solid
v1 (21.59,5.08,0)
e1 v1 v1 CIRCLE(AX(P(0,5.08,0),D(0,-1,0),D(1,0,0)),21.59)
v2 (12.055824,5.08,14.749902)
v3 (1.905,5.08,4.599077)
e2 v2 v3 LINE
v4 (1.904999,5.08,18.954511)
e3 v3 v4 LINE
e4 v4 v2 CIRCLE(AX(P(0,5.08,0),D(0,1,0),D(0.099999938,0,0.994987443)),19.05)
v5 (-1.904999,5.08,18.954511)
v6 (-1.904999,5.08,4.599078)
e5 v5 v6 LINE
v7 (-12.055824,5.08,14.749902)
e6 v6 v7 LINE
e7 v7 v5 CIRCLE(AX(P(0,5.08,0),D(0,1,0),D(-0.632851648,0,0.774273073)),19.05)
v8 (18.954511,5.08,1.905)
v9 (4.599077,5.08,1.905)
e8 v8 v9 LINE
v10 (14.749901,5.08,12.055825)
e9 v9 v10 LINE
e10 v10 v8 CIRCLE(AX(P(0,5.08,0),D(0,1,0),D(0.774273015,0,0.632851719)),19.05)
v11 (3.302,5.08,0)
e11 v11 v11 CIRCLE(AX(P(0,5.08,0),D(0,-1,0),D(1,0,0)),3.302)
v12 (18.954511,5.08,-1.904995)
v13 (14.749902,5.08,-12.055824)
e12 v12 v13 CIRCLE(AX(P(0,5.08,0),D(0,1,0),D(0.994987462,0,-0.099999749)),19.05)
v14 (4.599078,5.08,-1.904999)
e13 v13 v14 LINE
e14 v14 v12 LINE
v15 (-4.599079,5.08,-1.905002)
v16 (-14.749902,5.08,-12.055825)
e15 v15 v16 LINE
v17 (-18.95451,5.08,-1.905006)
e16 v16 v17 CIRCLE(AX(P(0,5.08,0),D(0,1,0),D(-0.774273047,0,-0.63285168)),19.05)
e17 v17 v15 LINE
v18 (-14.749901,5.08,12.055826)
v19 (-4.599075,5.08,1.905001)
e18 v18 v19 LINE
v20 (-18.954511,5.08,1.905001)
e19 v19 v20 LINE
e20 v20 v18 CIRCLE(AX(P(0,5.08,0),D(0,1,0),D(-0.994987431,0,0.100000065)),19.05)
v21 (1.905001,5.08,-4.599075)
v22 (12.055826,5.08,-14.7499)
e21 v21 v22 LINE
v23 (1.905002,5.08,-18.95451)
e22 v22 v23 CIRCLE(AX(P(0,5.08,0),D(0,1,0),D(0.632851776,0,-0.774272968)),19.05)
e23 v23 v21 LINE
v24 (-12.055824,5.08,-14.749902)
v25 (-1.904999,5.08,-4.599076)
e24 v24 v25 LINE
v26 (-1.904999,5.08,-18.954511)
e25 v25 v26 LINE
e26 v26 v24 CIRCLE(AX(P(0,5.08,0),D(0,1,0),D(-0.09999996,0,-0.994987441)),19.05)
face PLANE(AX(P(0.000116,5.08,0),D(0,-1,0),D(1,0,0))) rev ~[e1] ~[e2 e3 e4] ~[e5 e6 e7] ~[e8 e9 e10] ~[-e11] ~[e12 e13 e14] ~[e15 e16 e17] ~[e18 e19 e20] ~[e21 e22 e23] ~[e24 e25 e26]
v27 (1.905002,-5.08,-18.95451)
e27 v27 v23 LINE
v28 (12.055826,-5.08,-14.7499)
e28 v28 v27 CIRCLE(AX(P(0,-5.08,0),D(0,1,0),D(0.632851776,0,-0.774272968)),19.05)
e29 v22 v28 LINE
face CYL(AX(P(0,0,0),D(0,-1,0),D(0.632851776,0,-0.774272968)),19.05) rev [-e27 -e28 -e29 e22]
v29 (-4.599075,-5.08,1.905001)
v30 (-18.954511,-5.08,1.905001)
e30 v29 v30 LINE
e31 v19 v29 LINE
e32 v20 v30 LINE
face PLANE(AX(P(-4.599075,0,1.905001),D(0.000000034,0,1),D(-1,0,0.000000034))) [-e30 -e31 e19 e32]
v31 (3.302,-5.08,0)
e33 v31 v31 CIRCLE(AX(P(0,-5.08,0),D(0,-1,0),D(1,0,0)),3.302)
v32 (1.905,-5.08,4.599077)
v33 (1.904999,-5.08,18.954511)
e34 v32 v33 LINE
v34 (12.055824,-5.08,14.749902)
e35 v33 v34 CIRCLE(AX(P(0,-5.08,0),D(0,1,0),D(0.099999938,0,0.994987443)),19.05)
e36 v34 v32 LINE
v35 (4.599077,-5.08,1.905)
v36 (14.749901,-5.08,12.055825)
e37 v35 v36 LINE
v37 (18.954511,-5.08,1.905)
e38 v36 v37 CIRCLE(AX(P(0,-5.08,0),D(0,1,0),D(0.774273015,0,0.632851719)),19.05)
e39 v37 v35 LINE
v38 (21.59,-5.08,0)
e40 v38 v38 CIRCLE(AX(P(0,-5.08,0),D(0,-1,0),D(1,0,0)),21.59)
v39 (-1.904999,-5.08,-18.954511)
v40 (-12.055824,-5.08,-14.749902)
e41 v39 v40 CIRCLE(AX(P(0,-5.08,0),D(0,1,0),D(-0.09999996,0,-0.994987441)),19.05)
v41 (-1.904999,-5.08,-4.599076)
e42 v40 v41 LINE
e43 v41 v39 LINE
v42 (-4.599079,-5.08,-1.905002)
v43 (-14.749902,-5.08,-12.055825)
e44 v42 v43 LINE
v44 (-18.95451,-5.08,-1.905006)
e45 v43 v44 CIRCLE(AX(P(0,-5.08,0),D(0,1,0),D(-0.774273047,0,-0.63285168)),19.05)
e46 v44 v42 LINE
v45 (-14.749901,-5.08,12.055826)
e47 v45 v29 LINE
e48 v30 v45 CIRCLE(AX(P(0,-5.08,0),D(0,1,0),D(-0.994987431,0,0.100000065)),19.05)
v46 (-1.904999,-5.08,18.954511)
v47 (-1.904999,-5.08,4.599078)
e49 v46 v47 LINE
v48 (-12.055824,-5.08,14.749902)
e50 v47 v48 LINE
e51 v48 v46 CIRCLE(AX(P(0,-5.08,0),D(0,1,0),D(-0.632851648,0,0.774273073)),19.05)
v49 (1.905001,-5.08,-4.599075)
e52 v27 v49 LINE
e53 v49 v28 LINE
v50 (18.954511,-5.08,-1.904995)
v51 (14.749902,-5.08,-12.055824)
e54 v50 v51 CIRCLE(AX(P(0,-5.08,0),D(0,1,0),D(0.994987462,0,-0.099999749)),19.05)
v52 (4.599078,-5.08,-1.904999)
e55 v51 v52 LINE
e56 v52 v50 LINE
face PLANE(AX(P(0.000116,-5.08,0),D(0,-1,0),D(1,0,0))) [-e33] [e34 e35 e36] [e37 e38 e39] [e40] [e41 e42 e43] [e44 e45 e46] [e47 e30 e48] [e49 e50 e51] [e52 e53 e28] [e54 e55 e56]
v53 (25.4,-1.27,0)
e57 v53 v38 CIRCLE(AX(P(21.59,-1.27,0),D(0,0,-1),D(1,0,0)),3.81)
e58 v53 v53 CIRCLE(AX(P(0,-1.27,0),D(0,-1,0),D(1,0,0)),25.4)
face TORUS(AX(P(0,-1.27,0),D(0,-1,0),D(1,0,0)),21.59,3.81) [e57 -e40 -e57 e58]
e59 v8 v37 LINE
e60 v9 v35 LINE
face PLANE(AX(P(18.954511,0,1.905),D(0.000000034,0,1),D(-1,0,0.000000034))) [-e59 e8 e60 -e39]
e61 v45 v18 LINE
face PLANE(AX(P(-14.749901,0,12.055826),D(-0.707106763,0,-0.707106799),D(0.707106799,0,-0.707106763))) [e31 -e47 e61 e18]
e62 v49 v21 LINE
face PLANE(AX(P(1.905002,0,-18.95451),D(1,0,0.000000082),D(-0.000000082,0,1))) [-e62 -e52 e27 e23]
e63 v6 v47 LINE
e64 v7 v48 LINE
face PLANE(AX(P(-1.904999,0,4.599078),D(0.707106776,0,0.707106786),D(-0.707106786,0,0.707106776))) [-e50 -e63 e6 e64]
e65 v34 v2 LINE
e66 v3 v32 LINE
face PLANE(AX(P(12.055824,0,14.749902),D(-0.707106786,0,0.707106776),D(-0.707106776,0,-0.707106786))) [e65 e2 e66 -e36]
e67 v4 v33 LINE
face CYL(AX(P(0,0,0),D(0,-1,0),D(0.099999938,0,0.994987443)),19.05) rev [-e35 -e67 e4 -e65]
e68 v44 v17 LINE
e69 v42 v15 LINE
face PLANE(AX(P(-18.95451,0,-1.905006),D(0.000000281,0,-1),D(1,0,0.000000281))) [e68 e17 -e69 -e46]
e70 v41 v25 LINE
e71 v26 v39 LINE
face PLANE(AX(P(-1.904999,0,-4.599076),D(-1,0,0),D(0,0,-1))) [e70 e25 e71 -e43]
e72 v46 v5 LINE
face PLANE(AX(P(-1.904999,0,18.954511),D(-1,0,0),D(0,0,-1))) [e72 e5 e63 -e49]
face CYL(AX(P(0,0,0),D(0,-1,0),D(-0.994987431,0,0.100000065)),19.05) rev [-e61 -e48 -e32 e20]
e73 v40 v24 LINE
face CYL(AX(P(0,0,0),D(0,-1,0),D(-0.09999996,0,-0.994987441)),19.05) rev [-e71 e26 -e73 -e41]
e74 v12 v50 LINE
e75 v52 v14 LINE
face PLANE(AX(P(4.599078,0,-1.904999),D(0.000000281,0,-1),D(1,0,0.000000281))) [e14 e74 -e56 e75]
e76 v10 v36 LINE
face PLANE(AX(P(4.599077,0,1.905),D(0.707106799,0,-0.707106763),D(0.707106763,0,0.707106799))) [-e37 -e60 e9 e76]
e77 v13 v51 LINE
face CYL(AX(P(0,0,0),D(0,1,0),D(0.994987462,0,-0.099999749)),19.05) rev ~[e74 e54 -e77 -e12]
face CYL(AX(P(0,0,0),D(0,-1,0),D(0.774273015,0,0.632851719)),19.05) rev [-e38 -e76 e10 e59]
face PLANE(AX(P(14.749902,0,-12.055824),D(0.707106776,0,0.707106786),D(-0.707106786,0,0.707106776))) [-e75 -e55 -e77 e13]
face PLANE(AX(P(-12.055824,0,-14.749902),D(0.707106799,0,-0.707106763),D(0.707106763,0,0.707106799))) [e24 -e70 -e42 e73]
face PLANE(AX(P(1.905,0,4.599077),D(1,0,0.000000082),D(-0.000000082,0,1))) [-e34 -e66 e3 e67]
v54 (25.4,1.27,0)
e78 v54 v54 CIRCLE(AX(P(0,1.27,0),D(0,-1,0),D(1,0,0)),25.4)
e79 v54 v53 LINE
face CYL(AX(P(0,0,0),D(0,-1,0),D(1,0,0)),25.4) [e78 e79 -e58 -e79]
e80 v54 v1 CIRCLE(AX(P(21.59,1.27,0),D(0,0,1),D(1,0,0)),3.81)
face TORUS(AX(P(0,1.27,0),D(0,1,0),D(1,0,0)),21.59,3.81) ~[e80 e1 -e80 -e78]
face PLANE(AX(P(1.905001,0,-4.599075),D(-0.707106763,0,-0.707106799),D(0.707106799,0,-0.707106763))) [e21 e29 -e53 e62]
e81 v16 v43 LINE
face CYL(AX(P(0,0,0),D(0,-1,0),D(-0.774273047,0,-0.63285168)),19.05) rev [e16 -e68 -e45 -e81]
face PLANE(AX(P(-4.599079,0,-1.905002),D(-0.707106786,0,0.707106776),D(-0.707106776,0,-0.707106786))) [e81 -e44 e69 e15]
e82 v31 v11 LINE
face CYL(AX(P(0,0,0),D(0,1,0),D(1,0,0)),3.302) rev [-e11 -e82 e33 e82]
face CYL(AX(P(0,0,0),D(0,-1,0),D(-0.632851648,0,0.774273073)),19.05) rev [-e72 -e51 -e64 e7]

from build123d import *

# Parameters (mm, degrees)
F0_R     = 25.4
F1_DEPTH = 5.08
F2_R     = 3.81
F0_R_2   = 3.302
F3_DEPTH = 5.08


with BuildPart() as f1:
    # F0 (on Front) → F1 (new body, symmetric)
    with BuildSketch(Plane.XZ):
        Circle(F0_R)
        with BuildLine():
            ThreePointArc((18.9545106806, 1.9049999628), (19.0261126937, 0.9536958462), (19.05, 0))
            ThreePointArc((19.05, 0), (19.0261128131, -0.9536934636), (18.9545111577, -1.9049952154))
            ThreePointArc((18.9545111577, -1.9049952154), (17.5999062473, -7.2901166031), (14.749902222, -12.0558236733))
            ThreePointArc((14.749902222, -12.0558236733), (13.4703854002, -13.4703829631), (12.0558263419, -14.7499000408))
            ThreePointArc((12.0558263419, -14.7499000408), (7.2901213153, -17.5999042954), (1.905001936, -18.9545104823))
            ThreePointArc((1.905001936, -18.9545104823), (1.3528e-06, -19.05), (-1.904999244, -18.9545107529))
            ThreePointArc((-1.904999244, -18.9545107529), (-7.2901189565, -17.5999052725), (-12.055824483, -14.7499015601))
            ThreePointArc((-12.055824483, -14.7499015601), (-13.4703841719, -13.4703841913), (-14.7499015428, -12.0558245042))
            ThreePointArc((-14.7499015428, -12.0558245042), (-17.5999039961, -7.2901220379), (-18.9545100886, -1.9050058538))
            ThreePointArc((-18.9545100886, -1.9050058538), (-19.05, -2.3188e-06), (-18.9545105523, 1.9050012395))
            ThreePointArc((-18.9545105523, 1.9050012395), (-17.5999046178, 7.290120537), (-14.7499006641, 12.0558255794))
            ThreePointArc((-14.7499006641, 12.0558255794), (-13.4703834119, 13.4703849513), (-12.0558238937, 14.7499020418))
            ThreePointArc((-12.0558238937, 14.7499020418), (-7.2901186049, 17.5999054181), (-1.904999244, 18.9545107529))
            ThreePointArc((-1.904999244, 18.9545107529), (-2.13e-07, 19.05), (1.9049988201, 18.9545107955))
            ThreePointArc((1.9049988201, 18.9545107955), (7.2901186408, 17.5999054032), (12.0558242838, 14.749901723))
            ThreePointArc((12.0558242838, 14.749901723), (13.4703837424, 13.4703846208), (14.7499009369, 12.0558252456))
            ThreePointArc((14.7499009369, 12.0558252456), (17.5999049458, 7.2901197452), (18.9545106806, 1.9049999628))
        make_face(mode=Mode.SUBTRACT)
    extrude(amount=F1_DEPTH, both=True)

    # F2
    f2_edges = [f1.edges().sort_by_distance(p)[0] for p in [
        (-25.4, 5.08, 0),
        (-25.4, -5.08, 0),
    ]]
    fillet(f2_edges, radius=F2_R)

    # F0 (on Front) → F3 (join, symmetric)
    with BuildSketch(Plane.XZ):
        with BuildLine():
            ThreePointArc((18.9545111577, -1.9049952154), (19.0261128131, -0.9536934636), (19.05, 0))
            ThreePointArc((19.05, 0), (19.0261126937, 0.9536958462), (18.9545106806, 1.9049999628))
            Line((18.9545106806, 1.9049999628), (4.5990766623, 1.9050004462))
            Line((4.5990766623, 1.9050004462), (14.7499009369, 12.0558252456))
            ThreePointArc((14.7499009369, 12.0558252456), (13.4703837424, 13.4703846208), (12.0558242838, 14.749901723))
            Line((12.0558242838, 14.749901723), (1.905, 4.5990772875))
            Line((1.905, 4.5990772875), (1.9049988201, 18.9545107955))
            ThreePointArc((1.9049988201, 18.9545107955), (-2.13e-07, 19.05), (-1.904999244, 18.9545107529))
            Line((-1.904999244, 18.9545107529), (-1.904999244, 4.5990775438))
            Line((-1.904999244, 4.5990775438), (-12.0558238937, 14.7499020418))
            ThreePointArc((-12.0558238937, 14.7499020418), (-13.4703834119, 13.4703849513), (-14.7499006641, 12.0558255794))
            Line((-14.7499006641, 12.0558255794), (-4.599075316, 1.905000756))
            Line((-4.599075316, 1.905000756), (-18.9545105523, 1.9050012395))
            ThreePointArc((-18.9545105523, 1.9050012395), (-19.05, -2.3188e-06), (-18.9545100886, -1.9050058538))
            Line((-18.9545100886, -1.9050058538), (-4.5990790156, -1.9050018252))
            Line((-4.5990790156, -1.9050018252), (-14.7499015428, -12.0558245042))
            ThreePointArc((-14.7499015428, -12.0558245042), (-13.4703841719, -13.4703841913), (-12.055824483, -14.7499015601))
            Line((-12.055824483, -14.7499015601), (-1.904999244, -4.5990757963))
            Line((-1.904999244, -4.5990757963), (-1.904999244, -18.9545107529))
            ThreePointArc((-1.904999244, -18.9545107529), (1.3528e-06, -19.05), (1.905001936, -18.9545104823))
            Line((1.905001936, -18.9545104823), (1.905000756, -4.5990749797))
            Line((1.905000756, -4.5990749797), (12.0558263419, -14.7499000408))
            ThreePointArc((12.0558263419, -14.7499000408), (13.4703854002, -13.4703829631), (14.749902222, -12.0558236733))
            Line((14.749902222, -12.0558236733), (4.599077641, -1.904999244))
            Line((4.599077641, -1.904999244), (18.9545111577, -1.9049952154))
        make_face()
        Circle(F0_R_2, mode=Mode.SUBTRACT)
    extrude(amount=F3_DEPTH, both=True)


solid = f1.part
